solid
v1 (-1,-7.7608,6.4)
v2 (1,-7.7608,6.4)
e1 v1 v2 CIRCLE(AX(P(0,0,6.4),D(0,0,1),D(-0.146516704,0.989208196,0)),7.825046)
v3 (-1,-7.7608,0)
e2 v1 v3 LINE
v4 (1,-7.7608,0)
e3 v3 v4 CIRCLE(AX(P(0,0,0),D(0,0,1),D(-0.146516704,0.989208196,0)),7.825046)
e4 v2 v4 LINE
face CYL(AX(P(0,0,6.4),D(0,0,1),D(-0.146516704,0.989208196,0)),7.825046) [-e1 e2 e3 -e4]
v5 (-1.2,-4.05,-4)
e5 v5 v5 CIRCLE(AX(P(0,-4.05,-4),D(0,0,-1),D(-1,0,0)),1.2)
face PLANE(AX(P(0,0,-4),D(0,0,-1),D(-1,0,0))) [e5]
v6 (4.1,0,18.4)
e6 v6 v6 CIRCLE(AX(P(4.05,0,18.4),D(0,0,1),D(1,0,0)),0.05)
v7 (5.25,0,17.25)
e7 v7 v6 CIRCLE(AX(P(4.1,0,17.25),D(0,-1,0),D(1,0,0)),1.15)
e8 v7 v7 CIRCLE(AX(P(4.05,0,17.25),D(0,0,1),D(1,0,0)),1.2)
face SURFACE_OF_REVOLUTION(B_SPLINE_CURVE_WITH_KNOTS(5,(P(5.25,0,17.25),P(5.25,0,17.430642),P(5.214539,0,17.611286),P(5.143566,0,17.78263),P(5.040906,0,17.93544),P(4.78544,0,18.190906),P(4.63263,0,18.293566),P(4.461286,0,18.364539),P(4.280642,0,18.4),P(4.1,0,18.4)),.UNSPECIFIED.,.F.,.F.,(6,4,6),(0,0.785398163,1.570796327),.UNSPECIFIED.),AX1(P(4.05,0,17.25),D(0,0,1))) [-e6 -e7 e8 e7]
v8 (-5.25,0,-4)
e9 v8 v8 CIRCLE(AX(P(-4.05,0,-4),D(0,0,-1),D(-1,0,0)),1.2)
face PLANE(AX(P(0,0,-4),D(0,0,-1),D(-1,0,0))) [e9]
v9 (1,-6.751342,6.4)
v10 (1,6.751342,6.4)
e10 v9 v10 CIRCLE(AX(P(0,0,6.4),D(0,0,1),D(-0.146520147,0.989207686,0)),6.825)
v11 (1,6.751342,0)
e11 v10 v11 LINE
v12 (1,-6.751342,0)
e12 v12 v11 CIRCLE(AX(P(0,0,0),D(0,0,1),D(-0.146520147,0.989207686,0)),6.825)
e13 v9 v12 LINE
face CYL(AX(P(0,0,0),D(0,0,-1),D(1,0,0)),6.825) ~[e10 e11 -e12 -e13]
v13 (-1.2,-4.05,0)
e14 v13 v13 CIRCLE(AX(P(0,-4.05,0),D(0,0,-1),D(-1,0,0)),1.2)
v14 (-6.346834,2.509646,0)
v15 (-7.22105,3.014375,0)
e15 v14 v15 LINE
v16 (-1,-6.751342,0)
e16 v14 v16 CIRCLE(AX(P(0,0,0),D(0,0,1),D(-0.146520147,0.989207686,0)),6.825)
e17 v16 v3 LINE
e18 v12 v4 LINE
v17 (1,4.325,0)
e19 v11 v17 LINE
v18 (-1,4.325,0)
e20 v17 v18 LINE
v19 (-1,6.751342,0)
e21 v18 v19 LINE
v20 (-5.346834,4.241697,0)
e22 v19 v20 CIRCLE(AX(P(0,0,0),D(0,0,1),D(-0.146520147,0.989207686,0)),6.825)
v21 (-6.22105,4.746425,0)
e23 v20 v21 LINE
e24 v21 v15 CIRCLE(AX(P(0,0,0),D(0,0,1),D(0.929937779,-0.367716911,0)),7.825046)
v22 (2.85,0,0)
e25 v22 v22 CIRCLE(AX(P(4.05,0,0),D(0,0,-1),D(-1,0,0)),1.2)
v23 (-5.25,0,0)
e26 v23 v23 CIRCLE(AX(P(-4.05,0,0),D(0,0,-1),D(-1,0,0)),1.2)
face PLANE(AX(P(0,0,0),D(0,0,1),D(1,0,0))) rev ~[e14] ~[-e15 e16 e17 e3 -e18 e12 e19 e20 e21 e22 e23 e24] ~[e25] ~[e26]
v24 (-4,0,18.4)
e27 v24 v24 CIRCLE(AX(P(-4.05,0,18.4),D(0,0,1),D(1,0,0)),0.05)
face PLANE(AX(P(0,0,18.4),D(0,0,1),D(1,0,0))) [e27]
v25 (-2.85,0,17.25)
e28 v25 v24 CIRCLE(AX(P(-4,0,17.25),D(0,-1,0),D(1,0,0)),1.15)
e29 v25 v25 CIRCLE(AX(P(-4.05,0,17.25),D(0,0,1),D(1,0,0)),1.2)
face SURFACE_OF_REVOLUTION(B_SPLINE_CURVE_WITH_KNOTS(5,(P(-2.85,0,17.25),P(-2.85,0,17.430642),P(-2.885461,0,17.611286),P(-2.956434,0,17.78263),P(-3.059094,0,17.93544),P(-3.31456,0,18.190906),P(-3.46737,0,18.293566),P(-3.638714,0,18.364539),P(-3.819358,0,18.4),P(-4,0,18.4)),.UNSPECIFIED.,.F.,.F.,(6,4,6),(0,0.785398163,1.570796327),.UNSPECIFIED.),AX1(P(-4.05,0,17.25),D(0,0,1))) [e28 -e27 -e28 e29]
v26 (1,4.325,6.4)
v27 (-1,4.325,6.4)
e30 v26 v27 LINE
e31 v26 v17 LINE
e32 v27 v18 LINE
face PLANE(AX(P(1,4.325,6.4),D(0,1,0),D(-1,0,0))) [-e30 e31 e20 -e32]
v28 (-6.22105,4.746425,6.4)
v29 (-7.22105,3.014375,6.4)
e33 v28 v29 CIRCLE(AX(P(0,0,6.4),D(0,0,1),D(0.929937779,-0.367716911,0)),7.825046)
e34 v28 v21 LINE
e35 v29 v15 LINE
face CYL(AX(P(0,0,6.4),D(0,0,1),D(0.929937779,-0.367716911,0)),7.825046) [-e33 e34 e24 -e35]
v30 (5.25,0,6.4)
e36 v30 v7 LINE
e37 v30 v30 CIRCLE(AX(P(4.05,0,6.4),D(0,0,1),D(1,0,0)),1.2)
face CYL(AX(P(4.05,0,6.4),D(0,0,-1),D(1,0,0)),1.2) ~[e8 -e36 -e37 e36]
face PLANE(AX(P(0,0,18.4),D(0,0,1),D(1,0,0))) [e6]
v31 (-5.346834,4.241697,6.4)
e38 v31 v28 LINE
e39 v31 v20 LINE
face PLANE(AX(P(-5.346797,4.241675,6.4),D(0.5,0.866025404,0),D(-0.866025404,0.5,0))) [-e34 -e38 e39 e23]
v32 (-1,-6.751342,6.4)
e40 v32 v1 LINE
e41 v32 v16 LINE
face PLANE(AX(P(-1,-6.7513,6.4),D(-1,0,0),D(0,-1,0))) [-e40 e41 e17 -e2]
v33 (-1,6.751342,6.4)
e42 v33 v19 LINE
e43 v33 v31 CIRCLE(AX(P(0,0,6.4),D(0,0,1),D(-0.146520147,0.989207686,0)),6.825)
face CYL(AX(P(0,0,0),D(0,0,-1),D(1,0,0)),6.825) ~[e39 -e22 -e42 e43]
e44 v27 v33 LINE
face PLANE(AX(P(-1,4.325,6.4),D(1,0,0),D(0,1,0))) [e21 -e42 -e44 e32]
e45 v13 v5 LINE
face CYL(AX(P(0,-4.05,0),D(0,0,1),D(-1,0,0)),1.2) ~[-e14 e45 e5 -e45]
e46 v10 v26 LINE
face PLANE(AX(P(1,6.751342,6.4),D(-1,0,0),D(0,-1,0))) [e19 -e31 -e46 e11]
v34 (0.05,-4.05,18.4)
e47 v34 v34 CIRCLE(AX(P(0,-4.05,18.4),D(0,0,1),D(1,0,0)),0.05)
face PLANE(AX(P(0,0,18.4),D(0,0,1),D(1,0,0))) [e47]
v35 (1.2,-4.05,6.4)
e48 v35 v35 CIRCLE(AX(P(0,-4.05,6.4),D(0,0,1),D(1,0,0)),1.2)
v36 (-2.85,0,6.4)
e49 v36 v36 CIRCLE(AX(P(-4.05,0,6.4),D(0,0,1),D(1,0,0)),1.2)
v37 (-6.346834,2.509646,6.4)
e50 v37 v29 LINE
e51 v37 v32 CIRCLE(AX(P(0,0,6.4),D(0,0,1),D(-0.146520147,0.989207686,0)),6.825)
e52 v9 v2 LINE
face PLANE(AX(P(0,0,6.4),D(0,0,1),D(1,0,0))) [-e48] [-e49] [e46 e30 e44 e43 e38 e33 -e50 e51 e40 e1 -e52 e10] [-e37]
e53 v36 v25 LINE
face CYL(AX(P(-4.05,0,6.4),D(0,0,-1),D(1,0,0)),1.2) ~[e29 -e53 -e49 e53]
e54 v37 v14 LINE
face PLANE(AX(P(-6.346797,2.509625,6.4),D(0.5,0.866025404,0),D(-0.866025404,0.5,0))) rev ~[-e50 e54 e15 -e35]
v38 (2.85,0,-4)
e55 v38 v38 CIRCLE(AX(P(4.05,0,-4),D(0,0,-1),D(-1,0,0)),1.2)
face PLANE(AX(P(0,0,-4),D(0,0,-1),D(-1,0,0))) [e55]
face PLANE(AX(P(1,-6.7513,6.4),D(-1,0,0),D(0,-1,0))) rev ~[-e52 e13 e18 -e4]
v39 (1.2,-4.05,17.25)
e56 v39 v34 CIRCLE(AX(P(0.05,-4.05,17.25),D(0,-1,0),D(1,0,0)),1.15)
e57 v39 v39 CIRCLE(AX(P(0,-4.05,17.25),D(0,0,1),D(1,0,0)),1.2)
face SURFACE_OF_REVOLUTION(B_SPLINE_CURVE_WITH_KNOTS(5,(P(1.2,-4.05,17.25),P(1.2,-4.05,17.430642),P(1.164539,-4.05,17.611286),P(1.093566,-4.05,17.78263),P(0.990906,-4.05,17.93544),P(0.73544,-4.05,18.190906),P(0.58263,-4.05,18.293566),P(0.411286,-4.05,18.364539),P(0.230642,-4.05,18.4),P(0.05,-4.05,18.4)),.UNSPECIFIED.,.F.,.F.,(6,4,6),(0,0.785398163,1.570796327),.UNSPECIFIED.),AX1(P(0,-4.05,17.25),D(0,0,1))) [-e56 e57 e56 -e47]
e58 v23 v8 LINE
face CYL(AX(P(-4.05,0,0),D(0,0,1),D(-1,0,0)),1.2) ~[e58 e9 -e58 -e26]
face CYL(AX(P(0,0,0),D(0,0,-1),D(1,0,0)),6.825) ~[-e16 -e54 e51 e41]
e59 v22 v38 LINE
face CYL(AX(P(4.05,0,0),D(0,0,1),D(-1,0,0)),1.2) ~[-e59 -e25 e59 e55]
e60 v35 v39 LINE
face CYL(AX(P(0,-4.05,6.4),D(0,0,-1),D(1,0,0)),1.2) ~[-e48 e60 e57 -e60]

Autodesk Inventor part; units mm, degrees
ref_plane "YZ Plane" through (0, 0, 0) normal (1, 0, 0) x (0, 1, 0)
ref_plane "XZ Plane" through (0, 0, 0) normal (0, 1, 0) x (-1, 0, 0)
ref_plane "XY Plane" through (0, 0, 0) normal (0, 0, 1) x (1, 0, 0)
sketch "Sketch1" plane through (0, 0, 0) normal (0, 0, 1) x (1, 0, 0)
  circle A0 centre (0, 0) radius 6.825
  dimension "d0" = 13.65
extrude "Extrusion1" add sketch "Sketch1" along normal blind 6.4
sketch "Sketch2" plane through (0, 0, 6.4) normal (0, 0, 1) x (1, 0, 0)
  circle A0 centre (-4.05, 0) radius 1.2
  circle A1 centre (4.05, 0) radius 1.2
  circle A2 centre (0, -4.05) radius 1.2
  circle A3 centre (0, 0) radius 4.05 construction
  dimension "d3" = 2.4
  dimension "d4" = 2.4
  dimension "d5" = 2.4
  dimension "d6" = 8.1
extrude "Extrusion2" add sketch "Sketch2" along normal blind 12
fillet "Fillet1" radius 1.15 3 edges at (-5.25, 0, 18.4) (2.85, 0, 18.4) (-1.2, -4.05, 18.4)
sketch "Sketch3" plane through (0, 0, 0) normal (0, 0, -1) x (-1, 0, 0)
  circle A0 centre (-4.05, 0) radius 1.2 projected
  circle A1 centre (4.05, 0) radius 1.2 projected
  circle A2 centre (0, -4.05) radius 1.2 projected
  point P0 (0, 0)
extrude "Extrusion3" add sketch "Sketch3" along normal blind 4
sketch "Sketch4" plane through (0, 0, 6.4) normal (0, 0, 1) x (1, 0, 0)
  line L0 (-1, 6.825) -> (1, 6.825)
  line L1 (1, 6.825) -> (1, 4.325)
  line L2 (1, 4.325) -> (-1, 4.325)
  line L3 (-1, 4.325) -> (-1, 6.825)
  circle A0 centre (0, 0) radius 6.825 projected
  point P0 (0, 4.325)
  point P1 (0, 6.825)
  point P2 (1, 6.7513)
  point P3 (-1, 6.7513)
  dimension "d12" = 2
  dimension "d13" = 2.5
extrude "Extrusion4" cut sketch "Sketch4" against normal through all contours A0 L1 L2 L3 picked at (0, 5.1583)
sketch "Sketch5" plane through (0, 0, 6.4) normal (0, 0, 1) x (1, 0, 0)
  arc A0 (-1, 6.7513) -> (1, 6.7513) centre (0, 0) ccw projected
  arc A1 (-1.1465, 7.7406) -> (1.1465, 7.7406) centre (0, 0) ccw
  arc A2 (-1, 6.7513) -> (1, 6.7513) centre (0, 0) ccw projected
  line L0 (-1, -6.7513) -> (-1, -7.7608)
  line L1 (1, -6.7513) -> (1, -7.7608)
  dimension "d16" = 1
  dimension "d17" = 1
  dimension "d18" = 1
extrude "Extrusion5" add sketch "Sketch5" against normal up to surface (6.4 mm away)
pattern_circular "Circular Pattern1" count 2 over 120 about axis through (0, 0, 0) along (0, 0, -1) of "Extrusion5"
properties part number "NeutrikXLR" material "ABS Plastic"
